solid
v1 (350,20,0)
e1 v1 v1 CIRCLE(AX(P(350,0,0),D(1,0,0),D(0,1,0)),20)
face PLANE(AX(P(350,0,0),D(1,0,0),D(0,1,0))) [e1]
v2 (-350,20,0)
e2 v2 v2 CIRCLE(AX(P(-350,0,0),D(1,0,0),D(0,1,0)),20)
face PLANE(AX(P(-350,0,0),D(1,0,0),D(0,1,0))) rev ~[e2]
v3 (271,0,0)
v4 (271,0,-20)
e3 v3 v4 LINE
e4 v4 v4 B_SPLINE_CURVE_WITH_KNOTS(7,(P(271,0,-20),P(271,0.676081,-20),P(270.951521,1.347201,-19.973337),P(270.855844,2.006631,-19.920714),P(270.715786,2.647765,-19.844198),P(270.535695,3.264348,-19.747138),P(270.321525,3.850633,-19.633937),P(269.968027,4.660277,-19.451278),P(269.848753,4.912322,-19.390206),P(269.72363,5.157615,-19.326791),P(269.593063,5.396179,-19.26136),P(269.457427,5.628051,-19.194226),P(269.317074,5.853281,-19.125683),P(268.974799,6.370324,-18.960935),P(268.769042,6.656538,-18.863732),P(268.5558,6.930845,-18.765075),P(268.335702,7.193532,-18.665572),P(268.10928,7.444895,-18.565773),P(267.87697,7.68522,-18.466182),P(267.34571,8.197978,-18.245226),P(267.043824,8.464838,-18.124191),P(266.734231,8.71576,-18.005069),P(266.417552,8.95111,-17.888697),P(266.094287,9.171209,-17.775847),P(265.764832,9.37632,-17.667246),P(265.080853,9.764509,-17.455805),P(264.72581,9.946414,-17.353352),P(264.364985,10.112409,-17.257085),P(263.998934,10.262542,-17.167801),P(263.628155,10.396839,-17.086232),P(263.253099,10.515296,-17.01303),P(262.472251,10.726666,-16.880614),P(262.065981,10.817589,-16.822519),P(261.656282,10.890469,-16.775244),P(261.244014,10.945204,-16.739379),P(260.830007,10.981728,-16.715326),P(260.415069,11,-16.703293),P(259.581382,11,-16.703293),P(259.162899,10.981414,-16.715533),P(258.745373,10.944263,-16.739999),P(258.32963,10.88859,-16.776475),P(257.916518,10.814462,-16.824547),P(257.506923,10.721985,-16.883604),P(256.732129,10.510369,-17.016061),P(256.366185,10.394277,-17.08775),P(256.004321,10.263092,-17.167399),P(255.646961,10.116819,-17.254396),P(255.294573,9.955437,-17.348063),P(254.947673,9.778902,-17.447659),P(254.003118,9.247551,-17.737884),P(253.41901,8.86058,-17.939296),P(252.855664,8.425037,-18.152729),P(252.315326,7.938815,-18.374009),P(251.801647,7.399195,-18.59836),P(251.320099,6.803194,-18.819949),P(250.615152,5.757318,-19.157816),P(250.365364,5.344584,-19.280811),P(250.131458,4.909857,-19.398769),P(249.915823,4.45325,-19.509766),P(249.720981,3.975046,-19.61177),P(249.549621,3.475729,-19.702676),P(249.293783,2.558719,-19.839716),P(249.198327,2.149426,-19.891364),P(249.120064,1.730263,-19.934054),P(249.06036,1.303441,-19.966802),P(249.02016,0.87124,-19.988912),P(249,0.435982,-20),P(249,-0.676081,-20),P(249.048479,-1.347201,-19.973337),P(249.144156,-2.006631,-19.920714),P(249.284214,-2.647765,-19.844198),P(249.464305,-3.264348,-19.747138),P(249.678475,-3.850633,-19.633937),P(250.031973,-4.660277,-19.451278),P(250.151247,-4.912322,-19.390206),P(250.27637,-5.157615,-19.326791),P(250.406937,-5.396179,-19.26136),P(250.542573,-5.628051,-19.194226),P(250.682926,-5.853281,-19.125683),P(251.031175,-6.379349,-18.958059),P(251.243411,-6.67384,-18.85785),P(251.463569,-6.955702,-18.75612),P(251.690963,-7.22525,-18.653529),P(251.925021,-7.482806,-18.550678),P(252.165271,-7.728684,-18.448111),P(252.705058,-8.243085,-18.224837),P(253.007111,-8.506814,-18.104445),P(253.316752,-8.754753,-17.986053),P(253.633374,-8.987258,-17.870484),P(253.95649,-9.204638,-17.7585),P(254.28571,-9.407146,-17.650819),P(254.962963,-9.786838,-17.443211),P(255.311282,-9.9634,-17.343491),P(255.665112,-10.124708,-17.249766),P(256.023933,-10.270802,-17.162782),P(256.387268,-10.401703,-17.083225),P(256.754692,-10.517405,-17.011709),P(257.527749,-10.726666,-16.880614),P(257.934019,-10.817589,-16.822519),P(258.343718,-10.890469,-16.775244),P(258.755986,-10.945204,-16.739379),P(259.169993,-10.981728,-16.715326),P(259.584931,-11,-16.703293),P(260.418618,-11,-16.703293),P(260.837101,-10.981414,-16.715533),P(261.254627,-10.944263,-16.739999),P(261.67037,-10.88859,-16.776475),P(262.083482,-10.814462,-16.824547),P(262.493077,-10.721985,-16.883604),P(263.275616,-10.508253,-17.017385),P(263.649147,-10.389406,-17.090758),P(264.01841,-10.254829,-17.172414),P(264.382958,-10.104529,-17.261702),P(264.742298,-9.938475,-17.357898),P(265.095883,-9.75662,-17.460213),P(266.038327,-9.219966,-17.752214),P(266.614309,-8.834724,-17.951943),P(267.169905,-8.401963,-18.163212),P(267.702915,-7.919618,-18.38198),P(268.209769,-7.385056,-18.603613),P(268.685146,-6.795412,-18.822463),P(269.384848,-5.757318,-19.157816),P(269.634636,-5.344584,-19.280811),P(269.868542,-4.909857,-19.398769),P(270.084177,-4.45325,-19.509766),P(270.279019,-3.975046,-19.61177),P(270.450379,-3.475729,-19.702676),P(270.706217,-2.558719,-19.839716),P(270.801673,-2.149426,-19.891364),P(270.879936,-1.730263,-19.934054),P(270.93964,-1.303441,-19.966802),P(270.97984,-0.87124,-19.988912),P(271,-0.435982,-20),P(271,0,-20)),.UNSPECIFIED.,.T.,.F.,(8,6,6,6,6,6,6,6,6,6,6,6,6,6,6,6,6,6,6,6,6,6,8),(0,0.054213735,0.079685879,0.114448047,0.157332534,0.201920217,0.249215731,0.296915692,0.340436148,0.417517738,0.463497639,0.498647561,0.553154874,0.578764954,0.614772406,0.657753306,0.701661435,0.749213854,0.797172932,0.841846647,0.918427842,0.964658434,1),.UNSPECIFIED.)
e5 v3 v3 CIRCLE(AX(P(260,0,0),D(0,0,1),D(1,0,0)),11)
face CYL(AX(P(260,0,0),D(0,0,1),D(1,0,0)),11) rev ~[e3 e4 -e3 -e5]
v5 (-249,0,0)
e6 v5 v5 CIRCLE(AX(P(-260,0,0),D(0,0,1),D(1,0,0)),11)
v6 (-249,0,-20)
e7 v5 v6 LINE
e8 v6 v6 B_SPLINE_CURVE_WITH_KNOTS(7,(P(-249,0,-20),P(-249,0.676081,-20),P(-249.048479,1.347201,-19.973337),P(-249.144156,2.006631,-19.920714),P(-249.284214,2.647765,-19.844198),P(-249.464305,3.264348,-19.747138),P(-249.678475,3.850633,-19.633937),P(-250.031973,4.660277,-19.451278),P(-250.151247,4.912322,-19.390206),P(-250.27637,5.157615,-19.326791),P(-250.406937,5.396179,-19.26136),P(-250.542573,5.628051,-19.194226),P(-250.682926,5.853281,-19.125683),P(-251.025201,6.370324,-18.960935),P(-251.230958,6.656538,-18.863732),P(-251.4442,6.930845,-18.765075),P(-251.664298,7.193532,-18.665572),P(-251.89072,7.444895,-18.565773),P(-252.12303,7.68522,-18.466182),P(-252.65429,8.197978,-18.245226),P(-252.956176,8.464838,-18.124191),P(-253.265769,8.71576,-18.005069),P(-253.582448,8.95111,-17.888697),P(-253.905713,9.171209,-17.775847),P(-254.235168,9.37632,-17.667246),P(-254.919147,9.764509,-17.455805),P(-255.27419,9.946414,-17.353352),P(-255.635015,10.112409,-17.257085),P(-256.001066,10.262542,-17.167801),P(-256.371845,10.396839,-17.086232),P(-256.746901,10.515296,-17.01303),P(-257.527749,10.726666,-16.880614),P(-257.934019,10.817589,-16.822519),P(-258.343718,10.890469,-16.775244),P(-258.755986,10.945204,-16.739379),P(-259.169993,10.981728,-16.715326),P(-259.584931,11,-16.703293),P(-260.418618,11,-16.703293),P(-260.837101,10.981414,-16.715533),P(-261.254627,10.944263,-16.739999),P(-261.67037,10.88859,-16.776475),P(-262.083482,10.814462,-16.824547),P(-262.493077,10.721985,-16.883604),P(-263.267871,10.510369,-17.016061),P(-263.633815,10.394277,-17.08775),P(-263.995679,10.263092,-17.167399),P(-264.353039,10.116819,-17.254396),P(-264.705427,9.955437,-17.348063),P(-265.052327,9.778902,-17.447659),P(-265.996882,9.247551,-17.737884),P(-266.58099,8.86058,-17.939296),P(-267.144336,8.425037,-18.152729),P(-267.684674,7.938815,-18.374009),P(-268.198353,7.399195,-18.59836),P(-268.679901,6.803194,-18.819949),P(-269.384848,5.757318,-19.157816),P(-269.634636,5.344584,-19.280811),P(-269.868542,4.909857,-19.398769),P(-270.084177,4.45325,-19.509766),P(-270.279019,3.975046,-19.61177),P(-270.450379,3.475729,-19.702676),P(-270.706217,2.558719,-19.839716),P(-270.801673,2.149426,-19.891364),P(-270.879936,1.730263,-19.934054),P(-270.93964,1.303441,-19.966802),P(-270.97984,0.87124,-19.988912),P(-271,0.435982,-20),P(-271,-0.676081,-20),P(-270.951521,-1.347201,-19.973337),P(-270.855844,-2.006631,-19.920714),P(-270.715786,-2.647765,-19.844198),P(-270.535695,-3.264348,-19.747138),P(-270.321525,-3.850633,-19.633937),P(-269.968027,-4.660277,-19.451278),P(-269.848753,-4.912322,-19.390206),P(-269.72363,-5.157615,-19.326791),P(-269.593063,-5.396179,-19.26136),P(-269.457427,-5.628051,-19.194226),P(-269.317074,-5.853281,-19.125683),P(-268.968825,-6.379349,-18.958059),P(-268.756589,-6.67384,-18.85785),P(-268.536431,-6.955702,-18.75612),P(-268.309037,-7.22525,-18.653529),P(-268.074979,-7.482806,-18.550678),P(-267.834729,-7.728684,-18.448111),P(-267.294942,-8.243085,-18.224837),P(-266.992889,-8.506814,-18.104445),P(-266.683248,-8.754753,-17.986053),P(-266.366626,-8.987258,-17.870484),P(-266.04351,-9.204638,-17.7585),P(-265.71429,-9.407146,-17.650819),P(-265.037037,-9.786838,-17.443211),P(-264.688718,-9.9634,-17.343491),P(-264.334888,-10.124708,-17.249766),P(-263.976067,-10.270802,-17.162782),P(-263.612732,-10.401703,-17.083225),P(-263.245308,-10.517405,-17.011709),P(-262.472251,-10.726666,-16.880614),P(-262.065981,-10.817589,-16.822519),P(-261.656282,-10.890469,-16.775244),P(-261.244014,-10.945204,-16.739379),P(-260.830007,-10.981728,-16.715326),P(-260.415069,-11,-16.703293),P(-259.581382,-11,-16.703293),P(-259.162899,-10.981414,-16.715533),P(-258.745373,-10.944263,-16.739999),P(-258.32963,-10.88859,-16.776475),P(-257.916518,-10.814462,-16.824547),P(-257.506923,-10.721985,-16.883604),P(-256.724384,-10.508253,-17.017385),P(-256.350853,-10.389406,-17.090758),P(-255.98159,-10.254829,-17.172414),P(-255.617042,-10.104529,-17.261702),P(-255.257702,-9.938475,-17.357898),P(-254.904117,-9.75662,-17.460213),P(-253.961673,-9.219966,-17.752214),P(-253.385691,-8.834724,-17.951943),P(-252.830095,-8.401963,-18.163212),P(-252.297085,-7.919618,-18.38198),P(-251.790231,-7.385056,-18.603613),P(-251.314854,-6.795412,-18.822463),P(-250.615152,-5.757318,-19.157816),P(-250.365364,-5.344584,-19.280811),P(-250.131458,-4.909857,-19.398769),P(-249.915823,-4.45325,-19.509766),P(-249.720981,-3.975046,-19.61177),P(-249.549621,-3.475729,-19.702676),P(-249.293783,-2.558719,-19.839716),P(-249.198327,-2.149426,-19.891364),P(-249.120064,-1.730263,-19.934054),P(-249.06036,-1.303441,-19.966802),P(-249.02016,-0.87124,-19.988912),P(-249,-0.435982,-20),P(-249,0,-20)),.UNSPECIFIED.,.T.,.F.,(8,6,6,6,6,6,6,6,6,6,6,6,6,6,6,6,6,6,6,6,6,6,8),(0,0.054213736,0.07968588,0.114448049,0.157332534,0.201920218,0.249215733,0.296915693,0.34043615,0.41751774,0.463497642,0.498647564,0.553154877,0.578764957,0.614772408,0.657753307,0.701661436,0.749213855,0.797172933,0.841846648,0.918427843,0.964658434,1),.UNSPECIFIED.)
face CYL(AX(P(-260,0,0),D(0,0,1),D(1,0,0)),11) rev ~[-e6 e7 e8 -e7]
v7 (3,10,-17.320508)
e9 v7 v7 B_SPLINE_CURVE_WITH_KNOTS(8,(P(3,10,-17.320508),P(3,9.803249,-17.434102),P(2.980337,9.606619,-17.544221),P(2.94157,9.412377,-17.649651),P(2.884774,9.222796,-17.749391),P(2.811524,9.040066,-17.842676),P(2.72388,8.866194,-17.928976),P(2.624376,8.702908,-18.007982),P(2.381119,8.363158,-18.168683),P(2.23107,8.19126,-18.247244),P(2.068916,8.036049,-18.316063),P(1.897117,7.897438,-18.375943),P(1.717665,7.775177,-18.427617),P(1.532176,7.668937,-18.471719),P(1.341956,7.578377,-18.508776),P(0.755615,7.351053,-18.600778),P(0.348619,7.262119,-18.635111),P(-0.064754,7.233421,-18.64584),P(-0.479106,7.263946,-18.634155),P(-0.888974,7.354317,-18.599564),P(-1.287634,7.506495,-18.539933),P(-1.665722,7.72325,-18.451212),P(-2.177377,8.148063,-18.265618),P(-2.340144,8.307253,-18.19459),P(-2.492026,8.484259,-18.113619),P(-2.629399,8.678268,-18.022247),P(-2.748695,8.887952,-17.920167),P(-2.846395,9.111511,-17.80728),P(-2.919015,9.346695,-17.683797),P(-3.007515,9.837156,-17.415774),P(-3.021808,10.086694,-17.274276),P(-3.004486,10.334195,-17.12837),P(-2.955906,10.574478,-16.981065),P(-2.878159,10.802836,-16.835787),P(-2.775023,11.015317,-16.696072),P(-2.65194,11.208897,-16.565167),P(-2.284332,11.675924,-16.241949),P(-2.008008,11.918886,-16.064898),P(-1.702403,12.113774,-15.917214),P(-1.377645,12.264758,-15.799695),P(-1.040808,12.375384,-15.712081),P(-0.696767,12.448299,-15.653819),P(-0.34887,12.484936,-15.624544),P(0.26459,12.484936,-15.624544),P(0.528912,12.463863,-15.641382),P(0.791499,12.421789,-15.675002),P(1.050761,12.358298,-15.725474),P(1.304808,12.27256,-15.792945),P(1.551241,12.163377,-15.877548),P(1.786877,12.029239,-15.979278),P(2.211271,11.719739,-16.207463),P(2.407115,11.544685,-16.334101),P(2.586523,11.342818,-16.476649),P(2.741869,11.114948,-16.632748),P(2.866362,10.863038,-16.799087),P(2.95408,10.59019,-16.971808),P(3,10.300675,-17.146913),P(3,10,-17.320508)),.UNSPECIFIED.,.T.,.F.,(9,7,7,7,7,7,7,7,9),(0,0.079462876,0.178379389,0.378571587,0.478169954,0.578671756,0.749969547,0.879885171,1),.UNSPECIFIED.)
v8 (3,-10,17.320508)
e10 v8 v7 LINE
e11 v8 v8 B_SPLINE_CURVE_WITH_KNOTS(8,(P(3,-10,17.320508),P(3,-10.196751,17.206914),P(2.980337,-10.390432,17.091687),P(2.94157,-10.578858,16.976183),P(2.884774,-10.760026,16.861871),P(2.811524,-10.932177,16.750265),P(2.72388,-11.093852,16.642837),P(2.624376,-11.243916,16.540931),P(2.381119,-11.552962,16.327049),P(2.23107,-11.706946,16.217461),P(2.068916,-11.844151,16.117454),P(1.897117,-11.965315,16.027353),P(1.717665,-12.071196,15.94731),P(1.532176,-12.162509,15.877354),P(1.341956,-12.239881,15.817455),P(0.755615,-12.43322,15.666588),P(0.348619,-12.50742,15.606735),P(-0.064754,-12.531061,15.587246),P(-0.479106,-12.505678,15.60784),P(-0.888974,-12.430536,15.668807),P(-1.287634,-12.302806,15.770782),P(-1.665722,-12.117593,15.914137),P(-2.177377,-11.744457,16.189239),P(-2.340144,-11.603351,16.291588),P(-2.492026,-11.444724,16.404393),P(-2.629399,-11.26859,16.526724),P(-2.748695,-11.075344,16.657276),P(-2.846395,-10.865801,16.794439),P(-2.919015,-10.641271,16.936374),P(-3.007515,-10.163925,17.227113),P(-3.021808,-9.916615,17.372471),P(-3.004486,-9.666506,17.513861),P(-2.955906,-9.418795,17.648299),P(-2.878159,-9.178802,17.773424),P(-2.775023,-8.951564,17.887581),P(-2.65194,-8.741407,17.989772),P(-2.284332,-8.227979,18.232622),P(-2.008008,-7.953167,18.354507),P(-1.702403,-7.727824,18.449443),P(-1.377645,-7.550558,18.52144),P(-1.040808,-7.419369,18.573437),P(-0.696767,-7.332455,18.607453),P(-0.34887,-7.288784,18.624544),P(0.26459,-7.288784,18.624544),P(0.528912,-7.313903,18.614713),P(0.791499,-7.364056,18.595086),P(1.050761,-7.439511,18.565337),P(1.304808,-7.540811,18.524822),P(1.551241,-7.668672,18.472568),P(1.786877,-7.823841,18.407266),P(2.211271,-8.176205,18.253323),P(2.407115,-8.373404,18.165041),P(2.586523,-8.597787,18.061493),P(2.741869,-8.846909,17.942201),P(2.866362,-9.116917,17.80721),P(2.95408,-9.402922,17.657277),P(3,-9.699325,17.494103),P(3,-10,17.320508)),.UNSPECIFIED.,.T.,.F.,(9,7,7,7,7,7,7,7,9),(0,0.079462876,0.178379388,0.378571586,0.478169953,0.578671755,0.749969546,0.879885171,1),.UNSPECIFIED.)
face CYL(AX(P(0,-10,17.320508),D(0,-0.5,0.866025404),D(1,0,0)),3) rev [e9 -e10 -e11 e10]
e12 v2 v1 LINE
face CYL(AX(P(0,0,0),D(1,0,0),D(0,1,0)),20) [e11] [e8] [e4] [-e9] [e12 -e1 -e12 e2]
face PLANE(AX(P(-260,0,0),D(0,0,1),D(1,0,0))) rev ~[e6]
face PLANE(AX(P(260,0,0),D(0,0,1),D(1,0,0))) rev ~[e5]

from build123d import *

# Parameters (mm, degrees)
F1_DEPTH = 350
F2_R     = 11
F3_DEPTH = 25.4
F5_R     = 3
F6_DEPTH = 47.3215082123


with BuildPart() as f1:
    # F0 (on Right) → F1 (new body, symmetric)
    with BuildSketch(Plane.YZ):
        with BuildLine():
            ThreePointArc((-10, 17.3205080757), (-10, -17.3205080757), (20, 0))
            ThreePointArc((20, 0), (10, 17.3205080757), (-10, 17.3205080757))
        make_face()
    extrude(amount=F1_DEPTH, both=True)

    # F2 (on Top) → F3 (cut)
    with BuildSketch(Plane.XY):
        with Locations((-260, 0)):
            Circle(F2_R)
        with Locations((260, 0)):
            Circle(F2_R)
    extrude(amount=-F3_DEPTH, mode=Mode.SUBTRACT)

    # F5 (on face) → F6 (cut, through all)
    with BuildSketch(Plane(origin=(0, -10, 17.3205080757), x_dir=(1, 0, 0), z_dir=(0, 0.5, -0.8660254038))):
        Circle(F5_R)
    extrude(amount=F6_DEPTH, mode=Mode.SUBTRACT)


solid = f1.part
